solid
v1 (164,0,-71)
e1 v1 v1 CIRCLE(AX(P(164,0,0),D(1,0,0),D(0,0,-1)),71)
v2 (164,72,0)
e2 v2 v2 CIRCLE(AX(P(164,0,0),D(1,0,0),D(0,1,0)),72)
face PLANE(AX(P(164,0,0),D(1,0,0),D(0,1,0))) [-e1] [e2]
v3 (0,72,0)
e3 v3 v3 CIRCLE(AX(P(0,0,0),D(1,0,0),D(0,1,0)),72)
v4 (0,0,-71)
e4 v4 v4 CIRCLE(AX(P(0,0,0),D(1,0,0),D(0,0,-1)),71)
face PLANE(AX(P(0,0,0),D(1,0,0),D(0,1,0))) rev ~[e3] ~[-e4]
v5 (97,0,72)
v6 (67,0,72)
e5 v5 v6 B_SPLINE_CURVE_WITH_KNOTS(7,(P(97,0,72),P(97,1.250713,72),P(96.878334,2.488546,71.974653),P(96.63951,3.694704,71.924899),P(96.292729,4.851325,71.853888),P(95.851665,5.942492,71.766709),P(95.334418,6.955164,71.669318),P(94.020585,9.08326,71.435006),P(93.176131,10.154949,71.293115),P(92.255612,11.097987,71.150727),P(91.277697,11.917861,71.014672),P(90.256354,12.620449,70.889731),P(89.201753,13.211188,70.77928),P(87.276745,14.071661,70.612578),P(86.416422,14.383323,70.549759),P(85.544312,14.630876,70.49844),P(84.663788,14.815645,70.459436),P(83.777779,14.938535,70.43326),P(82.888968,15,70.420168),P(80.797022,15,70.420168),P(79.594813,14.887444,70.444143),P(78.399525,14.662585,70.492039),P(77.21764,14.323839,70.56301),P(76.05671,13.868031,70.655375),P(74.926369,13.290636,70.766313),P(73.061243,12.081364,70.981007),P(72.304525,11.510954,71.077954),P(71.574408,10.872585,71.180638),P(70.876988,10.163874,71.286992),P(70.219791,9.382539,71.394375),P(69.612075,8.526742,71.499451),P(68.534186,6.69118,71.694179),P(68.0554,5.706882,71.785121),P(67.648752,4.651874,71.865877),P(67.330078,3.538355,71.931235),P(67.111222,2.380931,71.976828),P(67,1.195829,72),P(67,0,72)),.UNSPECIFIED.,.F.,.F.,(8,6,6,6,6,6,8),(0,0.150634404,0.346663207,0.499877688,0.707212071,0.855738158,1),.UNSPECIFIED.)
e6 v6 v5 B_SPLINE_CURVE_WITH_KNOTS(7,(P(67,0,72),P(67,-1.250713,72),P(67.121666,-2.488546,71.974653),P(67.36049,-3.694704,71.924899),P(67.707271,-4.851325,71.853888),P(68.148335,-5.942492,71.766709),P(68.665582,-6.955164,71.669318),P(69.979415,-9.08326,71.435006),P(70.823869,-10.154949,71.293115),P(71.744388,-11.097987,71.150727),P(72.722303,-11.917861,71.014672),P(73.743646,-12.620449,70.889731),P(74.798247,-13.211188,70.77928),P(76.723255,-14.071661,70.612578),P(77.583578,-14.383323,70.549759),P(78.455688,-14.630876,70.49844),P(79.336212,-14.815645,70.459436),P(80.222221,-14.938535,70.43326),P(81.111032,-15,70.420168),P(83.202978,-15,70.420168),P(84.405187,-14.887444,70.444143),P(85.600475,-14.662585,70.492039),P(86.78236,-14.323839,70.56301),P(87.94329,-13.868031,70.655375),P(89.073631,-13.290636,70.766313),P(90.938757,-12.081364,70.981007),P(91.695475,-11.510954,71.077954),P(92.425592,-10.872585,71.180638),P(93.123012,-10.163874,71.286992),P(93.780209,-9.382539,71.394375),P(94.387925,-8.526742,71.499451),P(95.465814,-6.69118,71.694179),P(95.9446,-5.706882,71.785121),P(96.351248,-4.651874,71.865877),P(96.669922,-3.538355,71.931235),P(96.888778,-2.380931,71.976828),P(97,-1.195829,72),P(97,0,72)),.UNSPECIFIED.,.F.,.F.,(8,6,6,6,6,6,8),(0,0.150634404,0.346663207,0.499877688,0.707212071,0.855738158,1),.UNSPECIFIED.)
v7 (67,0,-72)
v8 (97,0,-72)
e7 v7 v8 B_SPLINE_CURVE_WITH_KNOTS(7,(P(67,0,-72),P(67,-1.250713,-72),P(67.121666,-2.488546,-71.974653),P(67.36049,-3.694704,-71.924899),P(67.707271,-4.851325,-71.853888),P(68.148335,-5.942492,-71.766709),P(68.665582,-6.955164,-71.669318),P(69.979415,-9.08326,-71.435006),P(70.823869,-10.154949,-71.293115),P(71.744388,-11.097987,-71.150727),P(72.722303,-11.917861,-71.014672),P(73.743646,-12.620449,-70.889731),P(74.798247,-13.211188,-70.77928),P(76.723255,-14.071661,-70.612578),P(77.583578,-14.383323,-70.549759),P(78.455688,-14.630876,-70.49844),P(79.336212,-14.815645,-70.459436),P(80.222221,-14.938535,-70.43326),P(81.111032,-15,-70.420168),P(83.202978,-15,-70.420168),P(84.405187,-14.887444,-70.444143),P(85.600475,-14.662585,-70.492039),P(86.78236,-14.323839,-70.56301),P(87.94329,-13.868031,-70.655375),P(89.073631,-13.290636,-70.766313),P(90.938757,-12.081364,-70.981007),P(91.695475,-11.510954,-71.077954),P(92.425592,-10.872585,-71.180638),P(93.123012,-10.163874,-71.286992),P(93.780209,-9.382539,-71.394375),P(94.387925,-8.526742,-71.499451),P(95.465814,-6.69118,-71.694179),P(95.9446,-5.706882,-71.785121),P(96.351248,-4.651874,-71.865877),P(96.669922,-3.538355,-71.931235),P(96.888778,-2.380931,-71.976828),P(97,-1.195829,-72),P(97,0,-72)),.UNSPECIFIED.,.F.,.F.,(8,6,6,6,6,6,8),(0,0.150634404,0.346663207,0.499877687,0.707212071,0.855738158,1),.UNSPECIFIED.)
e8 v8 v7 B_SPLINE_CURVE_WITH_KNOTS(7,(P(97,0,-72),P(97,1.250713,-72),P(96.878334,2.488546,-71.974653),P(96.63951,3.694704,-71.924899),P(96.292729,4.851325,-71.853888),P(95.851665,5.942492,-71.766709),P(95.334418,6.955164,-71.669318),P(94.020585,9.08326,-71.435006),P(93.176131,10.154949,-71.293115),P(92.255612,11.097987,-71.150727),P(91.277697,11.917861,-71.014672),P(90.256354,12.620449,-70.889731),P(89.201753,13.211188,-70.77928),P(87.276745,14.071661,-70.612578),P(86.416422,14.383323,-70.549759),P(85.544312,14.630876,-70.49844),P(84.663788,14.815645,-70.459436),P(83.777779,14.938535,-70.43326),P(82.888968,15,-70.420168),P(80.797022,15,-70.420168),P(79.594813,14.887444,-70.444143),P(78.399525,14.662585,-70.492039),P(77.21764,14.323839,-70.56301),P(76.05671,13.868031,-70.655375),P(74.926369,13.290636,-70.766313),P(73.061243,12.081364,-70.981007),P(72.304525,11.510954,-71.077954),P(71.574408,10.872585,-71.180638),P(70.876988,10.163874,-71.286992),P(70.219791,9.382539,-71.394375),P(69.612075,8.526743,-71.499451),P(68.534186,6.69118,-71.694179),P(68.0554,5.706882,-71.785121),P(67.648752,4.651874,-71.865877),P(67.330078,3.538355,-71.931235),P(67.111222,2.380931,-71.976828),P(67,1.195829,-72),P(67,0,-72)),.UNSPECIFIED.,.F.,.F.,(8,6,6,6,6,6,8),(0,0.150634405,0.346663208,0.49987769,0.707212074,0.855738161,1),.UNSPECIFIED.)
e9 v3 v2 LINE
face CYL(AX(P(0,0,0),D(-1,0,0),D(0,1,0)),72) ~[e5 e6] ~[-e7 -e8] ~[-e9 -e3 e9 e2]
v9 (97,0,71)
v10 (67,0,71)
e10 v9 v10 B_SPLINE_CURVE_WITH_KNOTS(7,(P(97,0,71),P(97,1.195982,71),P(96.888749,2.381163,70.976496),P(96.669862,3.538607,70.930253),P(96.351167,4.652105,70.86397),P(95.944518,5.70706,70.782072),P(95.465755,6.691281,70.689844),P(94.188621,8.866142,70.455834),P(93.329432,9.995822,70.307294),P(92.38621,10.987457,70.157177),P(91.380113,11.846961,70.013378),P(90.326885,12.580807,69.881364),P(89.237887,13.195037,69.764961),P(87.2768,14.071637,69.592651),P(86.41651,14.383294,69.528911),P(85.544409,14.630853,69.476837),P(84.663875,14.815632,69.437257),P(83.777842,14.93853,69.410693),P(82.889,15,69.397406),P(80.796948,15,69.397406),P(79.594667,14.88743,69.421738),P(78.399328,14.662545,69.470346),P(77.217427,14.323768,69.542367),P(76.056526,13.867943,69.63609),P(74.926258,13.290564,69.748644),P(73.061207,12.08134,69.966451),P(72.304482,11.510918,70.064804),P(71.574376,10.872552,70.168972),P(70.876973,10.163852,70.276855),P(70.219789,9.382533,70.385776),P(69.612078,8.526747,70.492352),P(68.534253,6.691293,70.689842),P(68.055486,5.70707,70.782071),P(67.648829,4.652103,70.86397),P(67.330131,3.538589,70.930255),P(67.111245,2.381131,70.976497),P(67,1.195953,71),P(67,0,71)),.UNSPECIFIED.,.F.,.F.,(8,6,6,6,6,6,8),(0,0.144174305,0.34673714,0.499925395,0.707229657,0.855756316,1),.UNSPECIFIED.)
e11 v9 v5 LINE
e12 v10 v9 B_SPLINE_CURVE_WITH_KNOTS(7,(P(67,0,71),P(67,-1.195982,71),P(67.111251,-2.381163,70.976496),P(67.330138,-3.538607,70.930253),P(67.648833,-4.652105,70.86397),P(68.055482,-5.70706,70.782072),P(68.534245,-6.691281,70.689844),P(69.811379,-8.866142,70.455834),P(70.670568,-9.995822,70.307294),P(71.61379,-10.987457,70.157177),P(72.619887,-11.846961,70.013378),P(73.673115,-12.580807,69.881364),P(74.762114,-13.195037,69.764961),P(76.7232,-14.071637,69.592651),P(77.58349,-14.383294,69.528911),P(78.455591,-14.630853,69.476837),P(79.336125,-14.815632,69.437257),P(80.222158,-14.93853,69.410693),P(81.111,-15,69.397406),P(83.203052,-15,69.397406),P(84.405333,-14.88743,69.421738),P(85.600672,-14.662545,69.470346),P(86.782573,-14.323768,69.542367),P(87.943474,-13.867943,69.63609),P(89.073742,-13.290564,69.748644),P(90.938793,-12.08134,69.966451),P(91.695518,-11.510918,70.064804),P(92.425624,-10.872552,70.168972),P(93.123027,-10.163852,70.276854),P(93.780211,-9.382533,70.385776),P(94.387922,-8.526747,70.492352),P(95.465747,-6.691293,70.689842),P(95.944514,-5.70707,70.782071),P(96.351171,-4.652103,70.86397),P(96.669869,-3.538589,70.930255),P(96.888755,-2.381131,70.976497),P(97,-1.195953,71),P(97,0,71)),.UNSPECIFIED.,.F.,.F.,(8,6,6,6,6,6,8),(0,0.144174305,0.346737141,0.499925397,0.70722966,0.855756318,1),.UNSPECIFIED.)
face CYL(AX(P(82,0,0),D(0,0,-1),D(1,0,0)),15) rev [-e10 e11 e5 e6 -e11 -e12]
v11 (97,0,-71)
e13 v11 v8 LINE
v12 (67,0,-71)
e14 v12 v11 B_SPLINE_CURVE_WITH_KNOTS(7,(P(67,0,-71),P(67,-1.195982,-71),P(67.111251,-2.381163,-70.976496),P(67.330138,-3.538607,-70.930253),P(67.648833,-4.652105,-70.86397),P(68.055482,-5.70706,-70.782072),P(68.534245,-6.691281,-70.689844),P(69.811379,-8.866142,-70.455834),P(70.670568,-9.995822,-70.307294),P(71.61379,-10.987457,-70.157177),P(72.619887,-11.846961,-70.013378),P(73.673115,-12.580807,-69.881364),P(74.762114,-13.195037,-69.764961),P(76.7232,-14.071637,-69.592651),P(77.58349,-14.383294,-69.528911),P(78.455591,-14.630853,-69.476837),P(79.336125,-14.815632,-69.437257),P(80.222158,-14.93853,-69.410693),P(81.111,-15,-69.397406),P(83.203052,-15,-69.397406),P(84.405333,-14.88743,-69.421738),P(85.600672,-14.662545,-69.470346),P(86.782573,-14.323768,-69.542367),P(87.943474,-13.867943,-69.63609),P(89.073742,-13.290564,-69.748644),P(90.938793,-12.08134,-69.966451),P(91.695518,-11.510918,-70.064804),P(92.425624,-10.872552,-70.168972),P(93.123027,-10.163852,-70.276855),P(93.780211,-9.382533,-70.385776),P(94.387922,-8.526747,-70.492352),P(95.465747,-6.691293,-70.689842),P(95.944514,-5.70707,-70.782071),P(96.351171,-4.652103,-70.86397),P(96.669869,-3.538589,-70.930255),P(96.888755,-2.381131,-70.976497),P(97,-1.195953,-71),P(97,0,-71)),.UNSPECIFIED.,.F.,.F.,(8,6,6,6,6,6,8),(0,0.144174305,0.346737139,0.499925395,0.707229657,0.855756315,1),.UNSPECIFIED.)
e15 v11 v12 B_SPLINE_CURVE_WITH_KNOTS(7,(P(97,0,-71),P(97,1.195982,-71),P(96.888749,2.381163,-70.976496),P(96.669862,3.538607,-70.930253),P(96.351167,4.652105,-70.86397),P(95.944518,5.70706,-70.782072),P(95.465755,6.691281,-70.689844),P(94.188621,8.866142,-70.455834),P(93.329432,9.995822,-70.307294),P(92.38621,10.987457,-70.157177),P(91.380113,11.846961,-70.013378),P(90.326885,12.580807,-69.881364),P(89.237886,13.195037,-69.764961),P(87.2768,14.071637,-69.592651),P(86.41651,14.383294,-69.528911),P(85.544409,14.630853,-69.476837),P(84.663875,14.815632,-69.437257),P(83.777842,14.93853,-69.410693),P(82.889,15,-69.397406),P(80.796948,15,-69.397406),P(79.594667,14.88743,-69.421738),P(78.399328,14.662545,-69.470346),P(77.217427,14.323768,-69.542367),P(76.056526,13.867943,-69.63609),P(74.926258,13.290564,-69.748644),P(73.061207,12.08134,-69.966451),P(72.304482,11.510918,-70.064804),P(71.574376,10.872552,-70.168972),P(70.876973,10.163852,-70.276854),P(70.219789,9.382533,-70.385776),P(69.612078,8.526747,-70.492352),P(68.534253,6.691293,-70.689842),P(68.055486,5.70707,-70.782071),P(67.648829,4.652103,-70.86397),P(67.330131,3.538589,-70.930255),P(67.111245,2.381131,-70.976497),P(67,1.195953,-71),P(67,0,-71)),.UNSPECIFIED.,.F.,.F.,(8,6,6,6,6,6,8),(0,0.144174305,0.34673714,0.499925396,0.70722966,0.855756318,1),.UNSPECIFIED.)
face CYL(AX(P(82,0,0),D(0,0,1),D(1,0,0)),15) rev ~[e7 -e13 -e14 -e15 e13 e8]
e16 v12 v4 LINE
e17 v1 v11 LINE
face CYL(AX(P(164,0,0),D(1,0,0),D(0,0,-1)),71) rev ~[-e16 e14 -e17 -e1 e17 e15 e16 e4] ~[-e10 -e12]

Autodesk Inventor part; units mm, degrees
ref_plane "YZ Plane" through (0, 0, 0) normal (1, 0, 0) x (0, 1, 0)
ref_plane "XZ Plane" through (0, 0, 0) normal (0, 1, 0) x (-1, 0, 0)
ref_plane "XY Plane" through (0, 0, 0) normal (0, 0, 1) x (1, 0, 0)
sketch "Sketch1" plane through (0, 0, 0) normal (1, 0, 0) x (0, 1, 0)
  circle A0 centre (0, 0) radius 72
  dimension "d0" = 144
extrude "Extrusion1" add sketch "Sketch1" along normal blind 164
sketch "Sketch2" plane through (164, 0, 0) normal (1, 0, 0) x (0, 0, -1)
  circle A0 centre (0, 0) radius 71
  dimension "d3" = 142
extrude "Extrusion2" cut sketch "Sketch2" against normal blind 300
sketch "Sketch3" plane through (0, 0, 0) normal (0, 0, 1) x (1, 0, 0)
  line L0 (0, 0) -> (82, 0)
  circle A0 centre (82, 0) radius 15
  dimension "d6" = 82
  dimension "d7" = 30
extrude "Extrusion3" cut sketch "Sketch3" along normal mid plane 164
properties part number "Shield Center"
